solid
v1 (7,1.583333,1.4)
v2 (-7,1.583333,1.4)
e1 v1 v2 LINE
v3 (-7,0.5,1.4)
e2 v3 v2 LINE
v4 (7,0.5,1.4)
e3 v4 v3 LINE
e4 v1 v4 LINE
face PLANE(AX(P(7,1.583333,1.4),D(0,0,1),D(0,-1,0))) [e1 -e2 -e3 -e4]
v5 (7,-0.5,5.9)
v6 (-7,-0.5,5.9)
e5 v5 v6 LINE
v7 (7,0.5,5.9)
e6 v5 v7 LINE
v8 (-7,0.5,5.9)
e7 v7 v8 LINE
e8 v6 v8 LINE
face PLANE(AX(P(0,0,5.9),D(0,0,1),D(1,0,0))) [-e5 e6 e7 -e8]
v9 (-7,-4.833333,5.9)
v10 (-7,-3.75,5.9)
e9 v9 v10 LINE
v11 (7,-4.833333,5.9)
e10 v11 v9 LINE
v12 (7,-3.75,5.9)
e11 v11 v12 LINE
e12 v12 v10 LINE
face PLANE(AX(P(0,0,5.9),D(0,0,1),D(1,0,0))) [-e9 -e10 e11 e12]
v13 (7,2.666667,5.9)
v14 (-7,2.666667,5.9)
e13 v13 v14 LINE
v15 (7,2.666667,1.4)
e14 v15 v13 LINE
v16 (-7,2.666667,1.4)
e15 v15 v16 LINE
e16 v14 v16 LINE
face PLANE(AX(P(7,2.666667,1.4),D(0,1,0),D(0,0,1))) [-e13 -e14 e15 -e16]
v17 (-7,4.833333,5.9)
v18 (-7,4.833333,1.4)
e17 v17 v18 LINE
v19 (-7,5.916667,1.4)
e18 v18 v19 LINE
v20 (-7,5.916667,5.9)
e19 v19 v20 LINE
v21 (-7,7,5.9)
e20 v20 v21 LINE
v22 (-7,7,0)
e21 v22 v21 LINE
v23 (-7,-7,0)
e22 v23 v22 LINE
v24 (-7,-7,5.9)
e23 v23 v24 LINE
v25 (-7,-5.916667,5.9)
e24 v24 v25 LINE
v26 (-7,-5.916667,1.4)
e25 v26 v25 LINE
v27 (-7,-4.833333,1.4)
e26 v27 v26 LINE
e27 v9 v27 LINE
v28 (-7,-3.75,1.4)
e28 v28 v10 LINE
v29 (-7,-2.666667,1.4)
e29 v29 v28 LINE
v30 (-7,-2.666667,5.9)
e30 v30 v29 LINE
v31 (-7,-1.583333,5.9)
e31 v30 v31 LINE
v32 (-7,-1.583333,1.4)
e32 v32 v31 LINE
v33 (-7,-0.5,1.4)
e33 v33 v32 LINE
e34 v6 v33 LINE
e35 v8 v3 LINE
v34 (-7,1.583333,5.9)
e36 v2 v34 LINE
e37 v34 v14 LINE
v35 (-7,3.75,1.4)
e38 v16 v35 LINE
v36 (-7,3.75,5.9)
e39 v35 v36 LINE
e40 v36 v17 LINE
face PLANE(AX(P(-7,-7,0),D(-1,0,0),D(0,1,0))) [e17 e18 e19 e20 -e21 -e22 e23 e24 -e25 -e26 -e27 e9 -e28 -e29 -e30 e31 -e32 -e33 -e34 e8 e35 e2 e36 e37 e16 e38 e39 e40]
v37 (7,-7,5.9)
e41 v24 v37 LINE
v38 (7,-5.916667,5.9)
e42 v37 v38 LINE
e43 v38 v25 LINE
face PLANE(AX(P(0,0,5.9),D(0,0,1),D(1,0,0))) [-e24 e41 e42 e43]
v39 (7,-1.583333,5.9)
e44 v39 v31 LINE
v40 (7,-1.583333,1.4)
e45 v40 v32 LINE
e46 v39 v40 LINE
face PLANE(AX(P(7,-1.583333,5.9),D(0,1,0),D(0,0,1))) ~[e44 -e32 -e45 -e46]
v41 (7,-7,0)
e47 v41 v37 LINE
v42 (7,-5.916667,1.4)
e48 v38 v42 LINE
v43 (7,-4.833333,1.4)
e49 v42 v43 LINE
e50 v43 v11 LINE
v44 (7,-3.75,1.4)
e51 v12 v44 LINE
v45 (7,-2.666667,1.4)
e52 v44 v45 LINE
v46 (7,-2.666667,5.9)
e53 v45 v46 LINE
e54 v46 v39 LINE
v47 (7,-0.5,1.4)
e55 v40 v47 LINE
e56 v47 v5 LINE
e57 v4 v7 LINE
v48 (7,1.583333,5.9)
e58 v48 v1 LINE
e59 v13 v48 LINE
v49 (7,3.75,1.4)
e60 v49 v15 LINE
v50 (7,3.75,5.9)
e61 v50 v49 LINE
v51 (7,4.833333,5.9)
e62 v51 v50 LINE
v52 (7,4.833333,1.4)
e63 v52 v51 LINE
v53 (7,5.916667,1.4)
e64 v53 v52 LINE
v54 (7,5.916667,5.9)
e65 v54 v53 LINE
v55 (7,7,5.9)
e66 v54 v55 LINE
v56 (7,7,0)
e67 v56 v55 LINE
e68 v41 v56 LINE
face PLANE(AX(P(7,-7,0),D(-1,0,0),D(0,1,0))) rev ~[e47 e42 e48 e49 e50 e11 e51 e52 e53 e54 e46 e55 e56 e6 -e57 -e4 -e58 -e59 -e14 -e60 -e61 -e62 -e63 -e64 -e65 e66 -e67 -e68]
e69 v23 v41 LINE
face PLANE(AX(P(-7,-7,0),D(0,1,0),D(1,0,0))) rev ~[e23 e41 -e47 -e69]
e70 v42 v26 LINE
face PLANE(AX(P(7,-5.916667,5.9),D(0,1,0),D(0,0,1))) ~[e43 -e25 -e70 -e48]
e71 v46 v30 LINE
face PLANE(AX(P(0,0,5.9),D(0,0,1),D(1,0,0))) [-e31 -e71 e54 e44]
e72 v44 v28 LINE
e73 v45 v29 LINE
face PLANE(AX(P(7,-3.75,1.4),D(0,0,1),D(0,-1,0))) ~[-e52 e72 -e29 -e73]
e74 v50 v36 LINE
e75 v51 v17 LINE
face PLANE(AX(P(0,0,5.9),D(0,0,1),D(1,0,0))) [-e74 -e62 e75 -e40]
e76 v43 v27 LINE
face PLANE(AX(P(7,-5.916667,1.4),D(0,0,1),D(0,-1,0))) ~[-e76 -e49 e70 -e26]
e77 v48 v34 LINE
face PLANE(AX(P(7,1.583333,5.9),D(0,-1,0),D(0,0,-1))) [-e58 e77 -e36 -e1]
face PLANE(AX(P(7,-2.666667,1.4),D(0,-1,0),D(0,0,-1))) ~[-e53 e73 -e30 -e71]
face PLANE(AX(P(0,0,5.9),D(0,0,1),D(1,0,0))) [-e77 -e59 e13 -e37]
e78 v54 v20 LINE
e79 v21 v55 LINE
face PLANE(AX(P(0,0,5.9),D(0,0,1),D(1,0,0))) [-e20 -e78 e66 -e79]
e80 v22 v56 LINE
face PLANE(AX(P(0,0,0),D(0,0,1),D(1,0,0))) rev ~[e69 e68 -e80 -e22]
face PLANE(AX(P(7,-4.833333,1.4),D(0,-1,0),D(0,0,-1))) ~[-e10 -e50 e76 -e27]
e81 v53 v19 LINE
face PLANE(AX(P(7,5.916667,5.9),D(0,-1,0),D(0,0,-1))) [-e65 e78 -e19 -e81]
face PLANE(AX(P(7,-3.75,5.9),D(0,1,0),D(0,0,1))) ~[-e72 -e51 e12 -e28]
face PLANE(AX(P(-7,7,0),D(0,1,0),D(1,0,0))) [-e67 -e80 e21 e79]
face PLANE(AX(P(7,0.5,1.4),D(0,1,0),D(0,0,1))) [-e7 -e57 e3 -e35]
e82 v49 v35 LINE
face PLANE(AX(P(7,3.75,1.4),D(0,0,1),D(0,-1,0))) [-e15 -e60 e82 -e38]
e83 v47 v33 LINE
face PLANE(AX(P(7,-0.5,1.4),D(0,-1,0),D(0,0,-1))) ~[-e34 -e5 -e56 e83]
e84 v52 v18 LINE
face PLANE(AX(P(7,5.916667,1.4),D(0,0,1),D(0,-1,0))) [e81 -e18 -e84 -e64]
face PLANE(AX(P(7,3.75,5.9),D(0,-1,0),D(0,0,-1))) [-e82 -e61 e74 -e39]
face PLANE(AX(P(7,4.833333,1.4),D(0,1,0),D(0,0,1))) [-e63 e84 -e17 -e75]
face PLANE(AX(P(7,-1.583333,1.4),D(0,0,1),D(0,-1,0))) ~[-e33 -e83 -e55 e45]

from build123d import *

# Parameters (mm, degrees)
SKETCH_W     = 14
SKETCH_H     = 14
PAD_DEPTH    = 5.9
POCKET_DEPTH = 55.319761


with BuildPart() as part:
    # Sketch → Pad (new body)
    with BuildSketch(Plane.XY):
        Rectangle(SKETCH_W, SKETCH_H)
    extrude(amount=PAD_DEPTH)

    # Sketch001 (on Face2 of Pad) → Pocket (cut, through all)
    with BuildSketch(Plane.YZ.offset(7)):
        Polygon((0, 6.9), (7, 6.9), (7, 5.9), (5.916667, 5.9), (5.916667, 1.4), (4.833333, 1.4), (4.833333, 5.9), (3.75, 5.9), (3.75, 1.4), (2.666667, 1.4), (2.666667, 5.9), (1.583333, 5.9), (1.583333, 1.4), (0.5, 1.4), (0.5, 5.9), (0, 5.9), align=None)
    pocket = extrude(amount=-POCKET_DEPTH, mode=Mode.SUBTRACT)

    # Mirrored: Pocket across XZ
    add(pocket.mirror(Plane.XZ), mode=Mode.SUBTRACT)


solid = part.part
